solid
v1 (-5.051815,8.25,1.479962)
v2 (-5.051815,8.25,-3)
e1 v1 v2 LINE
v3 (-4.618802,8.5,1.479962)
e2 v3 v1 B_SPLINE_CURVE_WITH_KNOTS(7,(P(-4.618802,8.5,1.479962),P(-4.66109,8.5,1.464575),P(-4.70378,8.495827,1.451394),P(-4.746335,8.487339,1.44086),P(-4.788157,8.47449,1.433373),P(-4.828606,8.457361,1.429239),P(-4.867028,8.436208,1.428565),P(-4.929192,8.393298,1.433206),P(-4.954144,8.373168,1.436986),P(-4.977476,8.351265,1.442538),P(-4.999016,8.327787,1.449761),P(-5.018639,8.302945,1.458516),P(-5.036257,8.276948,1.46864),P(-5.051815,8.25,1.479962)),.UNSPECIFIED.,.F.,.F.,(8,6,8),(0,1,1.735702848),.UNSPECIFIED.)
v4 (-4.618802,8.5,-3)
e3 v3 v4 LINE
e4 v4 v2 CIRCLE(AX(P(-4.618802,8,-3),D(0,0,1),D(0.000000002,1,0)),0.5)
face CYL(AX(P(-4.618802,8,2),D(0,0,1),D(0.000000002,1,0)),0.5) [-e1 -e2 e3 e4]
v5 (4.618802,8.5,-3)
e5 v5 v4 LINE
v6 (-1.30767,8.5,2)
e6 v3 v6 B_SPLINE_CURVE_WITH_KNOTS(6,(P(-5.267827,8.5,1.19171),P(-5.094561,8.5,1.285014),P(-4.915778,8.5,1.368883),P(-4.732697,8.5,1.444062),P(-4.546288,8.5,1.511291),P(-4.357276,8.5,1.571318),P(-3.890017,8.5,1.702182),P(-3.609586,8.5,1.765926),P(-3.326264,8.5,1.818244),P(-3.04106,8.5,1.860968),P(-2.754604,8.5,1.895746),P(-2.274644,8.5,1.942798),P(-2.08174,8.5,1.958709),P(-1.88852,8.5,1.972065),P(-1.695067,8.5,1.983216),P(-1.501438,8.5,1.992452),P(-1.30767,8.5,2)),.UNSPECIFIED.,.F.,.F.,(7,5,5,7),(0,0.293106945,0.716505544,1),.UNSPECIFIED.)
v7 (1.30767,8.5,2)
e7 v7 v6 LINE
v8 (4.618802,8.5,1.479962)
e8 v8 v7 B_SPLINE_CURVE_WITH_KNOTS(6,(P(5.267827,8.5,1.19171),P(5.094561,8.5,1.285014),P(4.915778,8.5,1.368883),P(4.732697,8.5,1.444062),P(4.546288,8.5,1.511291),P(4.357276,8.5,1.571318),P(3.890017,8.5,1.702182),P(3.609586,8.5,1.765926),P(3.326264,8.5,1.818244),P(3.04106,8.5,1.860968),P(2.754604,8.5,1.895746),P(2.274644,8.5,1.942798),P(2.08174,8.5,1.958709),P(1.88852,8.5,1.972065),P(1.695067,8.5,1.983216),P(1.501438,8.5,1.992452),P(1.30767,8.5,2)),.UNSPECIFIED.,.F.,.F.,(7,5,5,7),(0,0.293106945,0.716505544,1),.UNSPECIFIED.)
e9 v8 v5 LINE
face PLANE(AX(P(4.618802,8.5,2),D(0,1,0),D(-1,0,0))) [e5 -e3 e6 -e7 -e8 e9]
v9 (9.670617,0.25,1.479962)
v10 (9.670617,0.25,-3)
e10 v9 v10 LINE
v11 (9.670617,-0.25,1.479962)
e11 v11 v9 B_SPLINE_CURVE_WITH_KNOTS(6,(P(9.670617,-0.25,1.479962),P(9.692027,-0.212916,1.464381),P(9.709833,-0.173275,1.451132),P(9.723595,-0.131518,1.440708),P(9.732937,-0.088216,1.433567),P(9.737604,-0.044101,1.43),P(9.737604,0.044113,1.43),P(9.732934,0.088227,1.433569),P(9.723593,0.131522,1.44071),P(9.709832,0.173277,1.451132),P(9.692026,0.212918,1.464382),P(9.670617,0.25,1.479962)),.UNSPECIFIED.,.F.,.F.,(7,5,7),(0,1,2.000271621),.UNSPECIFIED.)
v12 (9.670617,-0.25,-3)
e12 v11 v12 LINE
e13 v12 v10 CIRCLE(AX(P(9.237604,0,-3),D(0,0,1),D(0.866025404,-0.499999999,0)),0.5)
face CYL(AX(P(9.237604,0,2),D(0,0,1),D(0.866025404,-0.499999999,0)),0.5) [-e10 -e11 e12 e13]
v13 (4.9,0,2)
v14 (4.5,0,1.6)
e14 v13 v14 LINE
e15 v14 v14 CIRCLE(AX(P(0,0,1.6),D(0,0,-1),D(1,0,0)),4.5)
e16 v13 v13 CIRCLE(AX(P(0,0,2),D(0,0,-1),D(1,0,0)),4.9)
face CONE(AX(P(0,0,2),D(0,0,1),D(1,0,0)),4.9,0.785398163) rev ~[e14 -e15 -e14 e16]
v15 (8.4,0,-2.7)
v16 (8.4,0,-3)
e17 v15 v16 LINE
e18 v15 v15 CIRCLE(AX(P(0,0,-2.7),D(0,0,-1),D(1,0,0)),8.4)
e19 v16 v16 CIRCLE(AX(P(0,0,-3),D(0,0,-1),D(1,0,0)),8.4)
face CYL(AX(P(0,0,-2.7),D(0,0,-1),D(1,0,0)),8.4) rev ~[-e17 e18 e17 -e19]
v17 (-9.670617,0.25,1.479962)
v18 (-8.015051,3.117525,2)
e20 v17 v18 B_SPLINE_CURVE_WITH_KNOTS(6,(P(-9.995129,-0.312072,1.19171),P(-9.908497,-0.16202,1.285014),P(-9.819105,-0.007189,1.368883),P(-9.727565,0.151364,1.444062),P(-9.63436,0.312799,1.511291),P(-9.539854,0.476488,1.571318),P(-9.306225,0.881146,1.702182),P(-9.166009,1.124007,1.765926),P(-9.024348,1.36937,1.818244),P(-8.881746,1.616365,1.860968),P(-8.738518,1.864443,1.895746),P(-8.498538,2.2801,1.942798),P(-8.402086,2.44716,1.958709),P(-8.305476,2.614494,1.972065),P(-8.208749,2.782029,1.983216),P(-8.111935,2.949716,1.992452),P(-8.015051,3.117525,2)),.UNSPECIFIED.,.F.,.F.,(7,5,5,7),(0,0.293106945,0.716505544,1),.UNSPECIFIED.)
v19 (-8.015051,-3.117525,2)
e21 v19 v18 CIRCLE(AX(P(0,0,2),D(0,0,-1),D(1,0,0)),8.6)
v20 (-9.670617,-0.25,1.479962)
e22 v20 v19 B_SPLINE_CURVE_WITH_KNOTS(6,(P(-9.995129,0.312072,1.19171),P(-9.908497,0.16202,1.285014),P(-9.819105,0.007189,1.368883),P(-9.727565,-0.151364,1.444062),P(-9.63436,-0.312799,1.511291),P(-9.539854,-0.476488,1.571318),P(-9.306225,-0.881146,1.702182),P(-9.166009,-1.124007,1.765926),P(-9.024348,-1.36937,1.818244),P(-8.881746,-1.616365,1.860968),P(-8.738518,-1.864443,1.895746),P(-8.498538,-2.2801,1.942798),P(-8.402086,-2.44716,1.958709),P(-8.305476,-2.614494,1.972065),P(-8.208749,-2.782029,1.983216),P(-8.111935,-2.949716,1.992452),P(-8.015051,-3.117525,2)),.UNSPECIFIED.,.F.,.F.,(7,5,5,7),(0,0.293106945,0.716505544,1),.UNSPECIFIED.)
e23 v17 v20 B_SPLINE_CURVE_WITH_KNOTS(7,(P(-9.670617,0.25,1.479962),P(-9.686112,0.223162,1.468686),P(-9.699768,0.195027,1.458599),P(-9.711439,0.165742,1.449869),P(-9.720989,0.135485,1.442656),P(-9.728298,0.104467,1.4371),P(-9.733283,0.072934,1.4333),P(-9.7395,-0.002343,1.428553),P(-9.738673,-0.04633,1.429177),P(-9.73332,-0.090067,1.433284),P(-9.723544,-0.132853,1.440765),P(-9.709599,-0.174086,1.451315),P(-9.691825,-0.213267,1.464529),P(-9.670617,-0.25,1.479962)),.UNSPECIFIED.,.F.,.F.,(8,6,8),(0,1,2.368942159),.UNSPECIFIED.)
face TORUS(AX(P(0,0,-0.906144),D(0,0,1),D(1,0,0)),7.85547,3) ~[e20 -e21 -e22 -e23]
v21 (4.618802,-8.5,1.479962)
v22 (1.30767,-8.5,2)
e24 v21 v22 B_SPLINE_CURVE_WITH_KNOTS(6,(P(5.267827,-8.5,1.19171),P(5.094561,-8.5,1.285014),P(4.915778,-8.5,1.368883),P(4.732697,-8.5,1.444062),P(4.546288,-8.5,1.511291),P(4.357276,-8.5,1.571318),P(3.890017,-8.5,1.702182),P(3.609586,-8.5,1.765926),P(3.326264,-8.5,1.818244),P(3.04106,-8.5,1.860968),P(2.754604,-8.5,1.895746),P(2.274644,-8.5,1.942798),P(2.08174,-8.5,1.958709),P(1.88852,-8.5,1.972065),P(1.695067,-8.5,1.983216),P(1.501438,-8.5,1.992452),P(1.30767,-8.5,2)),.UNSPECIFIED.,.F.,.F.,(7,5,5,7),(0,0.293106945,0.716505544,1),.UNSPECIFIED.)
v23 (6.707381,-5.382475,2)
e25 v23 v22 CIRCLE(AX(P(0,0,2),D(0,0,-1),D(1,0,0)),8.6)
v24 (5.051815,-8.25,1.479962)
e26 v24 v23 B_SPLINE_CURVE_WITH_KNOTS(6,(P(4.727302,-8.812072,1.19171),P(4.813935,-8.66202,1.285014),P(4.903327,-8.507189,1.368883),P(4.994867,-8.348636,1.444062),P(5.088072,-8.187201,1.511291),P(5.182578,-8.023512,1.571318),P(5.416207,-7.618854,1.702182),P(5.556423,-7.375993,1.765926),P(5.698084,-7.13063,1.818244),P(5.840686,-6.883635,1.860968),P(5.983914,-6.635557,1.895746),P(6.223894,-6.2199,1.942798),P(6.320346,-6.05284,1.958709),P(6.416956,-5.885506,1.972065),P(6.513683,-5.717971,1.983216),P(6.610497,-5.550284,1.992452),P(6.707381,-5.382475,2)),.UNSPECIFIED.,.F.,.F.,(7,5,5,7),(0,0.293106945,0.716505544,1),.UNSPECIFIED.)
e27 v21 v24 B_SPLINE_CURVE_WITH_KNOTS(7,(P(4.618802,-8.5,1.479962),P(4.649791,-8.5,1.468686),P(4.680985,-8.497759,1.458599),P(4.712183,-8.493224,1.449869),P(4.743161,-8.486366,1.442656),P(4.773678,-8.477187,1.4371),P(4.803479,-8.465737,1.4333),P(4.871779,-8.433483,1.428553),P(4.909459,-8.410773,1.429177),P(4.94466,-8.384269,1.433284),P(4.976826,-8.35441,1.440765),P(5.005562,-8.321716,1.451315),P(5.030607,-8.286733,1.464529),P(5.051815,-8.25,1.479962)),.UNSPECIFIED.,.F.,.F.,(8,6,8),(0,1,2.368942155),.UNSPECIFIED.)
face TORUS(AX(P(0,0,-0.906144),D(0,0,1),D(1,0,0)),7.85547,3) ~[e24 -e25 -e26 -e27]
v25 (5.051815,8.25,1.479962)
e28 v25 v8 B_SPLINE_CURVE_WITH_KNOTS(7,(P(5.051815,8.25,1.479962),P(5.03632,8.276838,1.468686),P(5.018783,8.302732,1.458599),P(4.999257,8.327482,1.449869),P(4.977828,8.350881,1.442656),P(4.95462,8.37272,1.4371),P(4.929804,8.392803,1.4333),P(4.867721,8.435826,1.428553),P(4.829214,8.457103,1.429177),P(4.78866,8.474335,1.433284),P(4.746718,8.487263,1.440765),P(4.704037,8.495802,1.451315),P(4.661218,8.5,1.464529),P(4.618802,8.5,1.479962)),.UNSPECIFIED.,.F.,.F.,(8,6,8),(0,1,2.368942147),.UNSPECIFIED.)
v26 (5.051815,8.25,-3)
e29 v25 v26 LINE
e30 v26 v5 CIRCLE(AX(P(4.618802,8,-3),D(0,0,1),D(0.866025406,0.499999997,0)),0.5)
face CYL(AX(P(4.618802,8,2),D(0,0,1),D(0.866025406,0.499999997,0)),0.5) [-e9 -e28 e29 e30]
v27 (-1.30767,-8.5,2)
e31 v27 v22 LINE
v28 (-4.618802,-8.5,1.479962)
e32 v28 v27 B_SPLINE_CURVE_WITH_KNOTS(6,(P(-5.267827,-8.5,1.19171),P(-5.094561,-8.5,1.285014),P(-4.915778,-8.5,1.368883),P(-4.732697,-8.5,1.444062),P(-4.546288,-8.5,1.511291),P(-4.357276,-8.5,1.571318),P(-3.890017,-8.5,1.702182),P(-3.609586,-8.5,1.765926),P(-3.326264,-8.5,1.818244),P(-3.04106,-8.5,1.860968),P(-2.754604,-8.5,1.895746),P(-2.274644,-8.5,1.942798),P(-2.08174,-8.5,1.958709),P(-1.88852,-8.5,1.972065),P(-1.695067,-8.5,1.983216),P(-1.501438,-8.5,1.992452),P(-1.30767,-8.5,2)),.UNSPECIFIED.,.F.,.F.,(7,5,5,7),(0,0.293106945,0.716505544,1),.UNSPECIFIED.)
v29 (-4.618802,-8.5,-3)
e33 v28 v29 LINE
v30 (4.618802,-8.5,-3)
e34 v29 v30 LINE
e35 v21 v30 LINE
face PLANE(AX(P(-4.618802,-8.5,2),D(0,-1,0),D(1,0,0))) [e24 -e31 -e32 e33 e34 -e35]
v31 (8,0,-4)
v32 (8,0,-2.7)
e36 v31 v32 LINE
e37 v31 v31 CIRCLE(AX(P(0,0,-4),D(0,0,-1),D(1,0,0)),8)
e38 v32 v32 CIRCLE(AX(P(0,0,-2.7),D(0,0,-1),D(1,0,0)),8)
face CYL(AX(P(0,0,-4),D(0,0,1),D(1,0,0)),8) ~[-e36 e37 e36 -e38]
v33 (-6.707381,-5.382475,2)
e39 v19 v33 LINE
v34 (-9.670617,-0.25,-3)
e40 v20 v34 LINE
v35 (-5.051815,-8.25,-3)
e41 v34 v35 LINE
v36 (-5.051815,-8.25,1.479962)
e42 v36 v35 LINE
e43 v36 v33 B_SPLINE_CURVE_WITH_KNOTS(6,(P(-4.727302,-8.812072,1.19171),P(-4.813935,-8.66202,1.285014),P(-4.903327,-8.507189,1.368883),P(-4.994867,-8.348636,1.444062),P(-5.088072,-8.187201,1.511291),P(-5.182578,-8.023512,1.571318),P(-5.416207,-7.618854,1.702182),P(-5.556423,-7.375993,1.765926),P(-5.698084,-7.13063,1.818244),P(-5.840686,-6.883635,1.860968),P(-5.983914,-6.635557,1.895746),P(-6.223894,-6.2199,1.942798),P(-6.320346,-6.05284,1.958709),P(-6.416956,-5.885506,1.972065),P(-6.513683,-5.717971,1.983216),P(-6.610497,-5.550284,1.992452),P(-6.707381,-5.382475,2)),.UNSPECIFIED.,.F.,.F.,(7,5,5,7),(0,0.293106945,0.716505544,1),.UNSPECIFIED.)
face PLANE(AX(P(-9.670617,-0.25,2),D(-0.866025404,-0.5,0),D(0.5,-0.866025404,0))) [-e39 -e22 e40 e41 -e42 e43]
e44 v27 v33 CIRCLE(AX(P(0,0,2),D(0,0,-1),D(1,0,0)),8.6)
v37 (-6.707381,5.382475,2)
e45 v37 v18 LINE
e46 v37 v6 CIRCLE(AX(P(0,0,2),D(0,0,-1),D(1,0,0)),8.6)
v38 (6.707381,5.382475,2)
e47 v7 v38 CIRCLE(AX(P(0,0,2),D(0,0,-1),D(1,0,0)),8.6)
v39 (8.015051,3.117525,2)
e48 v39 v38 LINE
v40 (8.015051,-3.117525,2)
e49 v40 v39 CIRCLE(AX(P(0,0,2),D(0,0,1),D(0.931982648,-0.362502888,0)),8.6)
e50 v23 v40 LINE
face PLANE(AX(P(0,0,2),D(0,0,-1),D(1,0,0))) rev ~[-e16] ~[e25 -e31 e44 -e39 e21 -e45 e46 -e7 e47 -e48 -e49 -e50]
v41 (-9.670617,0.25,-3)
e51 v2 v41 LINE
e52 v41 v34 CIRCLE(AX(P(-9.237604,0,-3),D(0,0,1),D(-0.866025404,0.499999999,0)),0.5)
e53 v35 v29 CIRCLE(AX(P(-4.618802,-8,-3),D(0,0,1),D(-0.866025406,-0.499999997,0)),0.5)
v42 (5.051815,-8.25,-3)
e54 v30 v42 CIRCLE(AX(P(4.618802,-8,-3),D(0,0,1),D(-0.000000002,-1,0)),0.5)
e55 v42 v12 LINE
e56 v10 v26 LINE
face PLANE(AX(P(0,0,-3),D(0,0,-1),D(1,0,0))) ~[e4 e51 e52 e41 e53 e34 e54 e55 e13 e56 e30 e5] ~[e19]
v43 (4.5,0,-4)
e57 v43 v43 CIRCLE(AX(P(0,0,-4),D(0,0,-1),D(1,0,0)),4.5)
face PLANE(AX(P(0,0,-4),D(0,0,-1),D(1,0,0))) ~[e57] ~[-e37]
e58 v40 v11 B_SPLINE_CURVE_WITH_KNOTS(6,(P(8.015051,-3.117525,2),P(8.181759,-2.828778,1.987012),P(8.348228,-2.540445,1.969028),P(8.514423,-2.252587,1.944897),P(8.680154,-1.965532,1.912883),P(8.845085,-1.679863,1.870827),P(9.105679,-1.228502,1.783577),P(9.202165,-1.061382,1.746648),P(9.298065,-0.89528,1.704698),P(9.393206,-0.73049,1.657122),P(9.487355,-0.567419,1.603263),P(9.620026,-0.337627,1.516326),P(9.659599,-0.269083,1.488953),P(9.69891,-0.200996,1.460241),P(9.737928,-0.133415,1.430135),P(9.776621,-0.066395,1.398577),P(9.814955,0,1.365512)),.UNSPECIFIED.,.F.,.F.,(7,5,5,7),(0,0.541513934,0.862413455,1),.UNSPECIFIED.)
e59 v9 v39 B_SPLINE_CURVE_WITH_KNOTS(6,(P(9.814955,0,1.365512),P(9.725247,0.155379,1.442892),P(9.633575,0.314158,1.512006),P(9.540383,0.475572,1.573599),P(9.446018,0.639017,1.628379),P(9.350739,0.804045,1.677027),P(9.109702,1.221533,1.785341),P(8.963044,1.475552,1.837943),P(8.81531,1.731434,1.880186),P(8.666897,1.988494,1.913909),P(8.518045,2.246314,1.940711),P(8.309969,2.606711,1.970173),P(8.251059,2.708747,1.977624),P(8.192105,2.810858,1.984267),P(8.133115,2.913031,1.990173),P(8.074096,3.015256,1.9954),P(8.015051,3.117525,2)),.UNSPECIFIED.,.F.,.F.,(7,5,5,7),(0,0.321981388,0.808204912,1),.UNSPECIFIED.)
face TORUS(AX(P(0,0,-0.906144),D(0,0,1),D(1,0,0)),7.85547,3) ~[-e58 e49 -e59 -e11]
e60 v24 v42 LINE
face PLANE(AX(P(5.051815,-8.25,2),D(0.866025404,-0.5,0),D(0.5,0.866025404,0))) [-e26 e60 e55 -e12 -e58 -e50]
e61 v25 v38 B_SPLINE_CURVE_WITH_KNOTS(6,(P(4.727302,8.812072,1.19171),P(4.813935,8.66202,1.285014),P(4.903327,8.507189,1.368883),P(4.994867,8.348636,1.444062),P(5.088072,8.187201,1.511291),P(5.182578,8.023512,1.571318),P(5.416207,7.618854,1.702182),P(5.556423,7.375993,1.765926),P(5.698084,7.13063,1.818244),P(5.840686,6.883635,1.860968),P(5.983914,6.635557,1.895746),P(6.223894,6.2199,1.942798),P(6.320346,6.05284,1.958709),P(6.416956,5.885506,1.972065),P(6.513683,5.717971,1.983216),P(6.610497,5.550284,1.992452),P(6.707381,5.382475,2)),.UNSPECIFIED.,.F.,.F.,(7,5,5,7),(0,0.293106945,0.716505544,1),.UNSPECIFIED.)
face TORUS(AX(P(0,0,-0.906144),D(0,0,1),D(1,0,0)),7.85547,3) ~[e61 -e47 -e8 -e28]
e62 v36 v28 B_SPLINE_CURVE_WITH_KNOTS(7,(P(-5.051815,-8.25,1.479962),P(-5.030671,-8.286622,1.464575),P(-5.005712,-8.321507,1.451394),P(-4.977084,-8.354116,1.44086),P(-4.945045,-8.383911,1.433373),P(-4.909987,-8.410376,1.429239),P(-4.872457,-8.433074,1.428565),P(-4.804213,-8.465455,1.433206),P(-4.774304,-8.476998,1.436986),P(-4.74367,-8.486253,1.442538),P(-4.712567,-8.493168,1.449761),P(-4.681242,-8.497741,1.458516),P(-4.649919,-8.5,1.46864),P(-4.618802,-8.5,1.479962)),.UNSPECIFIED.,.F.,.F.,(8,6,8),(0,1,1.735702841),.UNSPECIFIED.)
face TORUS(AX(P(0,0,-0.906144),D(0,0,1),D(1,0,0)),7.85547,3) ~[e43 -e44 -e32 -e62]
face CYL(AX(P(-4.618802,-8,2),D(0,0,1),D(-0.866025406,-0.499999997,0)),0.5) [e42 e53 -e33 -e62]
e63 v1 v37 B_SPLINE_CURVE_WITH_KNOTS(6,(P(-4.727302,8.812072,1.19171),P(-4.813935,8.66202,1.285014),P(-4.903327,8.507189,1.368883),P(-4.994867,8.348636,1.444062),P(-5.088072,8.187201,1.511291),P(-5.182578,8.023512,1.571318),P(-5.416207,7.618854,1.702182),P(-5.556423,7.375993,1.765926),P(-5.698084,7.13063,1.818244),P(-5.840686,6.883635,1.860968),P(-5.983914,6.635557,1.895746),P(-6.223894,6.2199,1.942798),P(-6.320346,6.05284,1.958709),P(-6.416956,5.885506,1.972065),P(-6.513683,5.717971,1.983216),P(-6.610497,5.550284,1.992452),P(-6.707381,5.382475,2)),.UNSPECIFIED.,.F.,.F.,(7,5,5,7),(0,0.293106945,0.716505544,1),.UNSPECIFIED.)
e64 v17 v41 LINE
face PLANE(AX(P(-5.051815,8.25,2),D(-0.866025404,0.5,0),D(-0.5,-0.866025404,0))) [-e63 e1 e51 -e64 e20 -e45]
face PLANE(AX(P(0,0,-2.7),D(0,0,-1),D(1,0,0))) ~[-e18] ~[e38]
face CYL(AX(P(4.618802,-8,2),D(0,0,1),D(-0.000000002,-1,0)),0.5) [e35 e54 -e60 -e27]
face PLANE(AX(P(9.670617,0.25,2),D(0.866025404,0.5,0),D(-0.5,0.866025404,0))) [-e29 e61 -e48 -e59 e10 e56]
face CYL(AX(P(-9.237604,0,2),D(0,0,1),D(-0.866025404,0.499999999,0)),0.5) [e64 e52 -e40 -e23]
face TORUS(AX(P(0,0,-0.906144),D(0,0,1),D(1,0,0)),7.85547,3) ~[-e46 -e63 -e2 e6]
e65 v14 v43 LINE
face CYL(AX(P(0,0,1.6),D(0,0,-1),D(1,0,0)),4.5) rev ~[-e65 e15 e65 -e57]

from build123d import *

# Parameters (mm, degrees)
ESQUISSE2_R             = 11.85785331
ENL_V_MAT_EXTRU_1_DEPTH = 10


with BuildPart() as part:
    # Esquisse1 → Révolution1 (revolve)
    with BuildSketch(Plane(origin=(0, 0, 0), x_dir=(0, 0, -1), z_dir=(1, 0, 0))):
        with BuildLine():
            Line((-1.6, 4.5), (4, 4.5))
            Line((4, 4.5), (4, 8))
            Line((4, 8), (3, 8))
            Line((3, 8), (2.7, 8))
            Line((2.7, 8), (2.7, 8.4))
            Line((2.7, 8.4), (3, 8.4))
            Line((3, 8.4), (3, 9.774245233))
            ThreePointArc((3, 9.774245233), (2.898746035, 9.889790175), (2.791709623, 10))
            Line((2.791709623, 10), (-1.191709623, 10))
            ThreePointArc((-1.191709623, 10), (-1.691931822, 9.355470088), (-2, 8.6))
            Line((-2, 8.6), (-2, 4.9))
            Line((-2, 4.9), (-1.6, 4.5))
        make_face()
    revolve(axis=Axis((0, 0, 15.19936), (0, 0, -1)))

    # Esquisse2 → Enlèv. mat.-Extru.1 (cut)
    with BuildSketch(Plane.XY.offset(2)):
        Circle(ESQUISSE2_R)
        with BuildLine():
            Line((-5.051814855, 8.25), (-9.670617009, 0.25))
            ThreePointArc((-9.670617009, 0.25), (-9.737604307, 0), (-9.670617009, -0.25))
            Line((-9.670617009, -0.25), (-5.051814855, -8.25))
            ThreePointArc((-5.051814855, -8.25), (-4.868802154, -8.433012702), (-4.618802154, -8.5))
            Line((-4.618802154, -8.5), (4.618802154, -8.5))
            ThreePointArc((4.618802154, -8.5), (4.868802154, -8.433012702), (5.051814855, -8.25))
            Line((5.051814855, -8.25), (9.670617009, -0.25))
            ThreePointArc((9.670617009, -0.25), (9.737604307, 0), (9.670617009, 0.25))
            Line((9.670617009, 0.25), (5.051814855, 8.25))
            ThreePointArc((5.051814855, 8.25), (4.868802154, 8.433012702), (4.618802154, 8.5))
            Line((4.618802154, 8.5), (-4.618802154, 8.5))
            ThreePointArc((-4.618802154, 8.5), (-4.868802154, 8.433012702), (-5.051814855, 8.25))
        make_face(mode=Mode.SUBTRACT)
    extrude(amount=-ENL_V_MAT_EXTRU_1_DEPTH, mode=Mode.SUBTRACT)


solid = part.part
